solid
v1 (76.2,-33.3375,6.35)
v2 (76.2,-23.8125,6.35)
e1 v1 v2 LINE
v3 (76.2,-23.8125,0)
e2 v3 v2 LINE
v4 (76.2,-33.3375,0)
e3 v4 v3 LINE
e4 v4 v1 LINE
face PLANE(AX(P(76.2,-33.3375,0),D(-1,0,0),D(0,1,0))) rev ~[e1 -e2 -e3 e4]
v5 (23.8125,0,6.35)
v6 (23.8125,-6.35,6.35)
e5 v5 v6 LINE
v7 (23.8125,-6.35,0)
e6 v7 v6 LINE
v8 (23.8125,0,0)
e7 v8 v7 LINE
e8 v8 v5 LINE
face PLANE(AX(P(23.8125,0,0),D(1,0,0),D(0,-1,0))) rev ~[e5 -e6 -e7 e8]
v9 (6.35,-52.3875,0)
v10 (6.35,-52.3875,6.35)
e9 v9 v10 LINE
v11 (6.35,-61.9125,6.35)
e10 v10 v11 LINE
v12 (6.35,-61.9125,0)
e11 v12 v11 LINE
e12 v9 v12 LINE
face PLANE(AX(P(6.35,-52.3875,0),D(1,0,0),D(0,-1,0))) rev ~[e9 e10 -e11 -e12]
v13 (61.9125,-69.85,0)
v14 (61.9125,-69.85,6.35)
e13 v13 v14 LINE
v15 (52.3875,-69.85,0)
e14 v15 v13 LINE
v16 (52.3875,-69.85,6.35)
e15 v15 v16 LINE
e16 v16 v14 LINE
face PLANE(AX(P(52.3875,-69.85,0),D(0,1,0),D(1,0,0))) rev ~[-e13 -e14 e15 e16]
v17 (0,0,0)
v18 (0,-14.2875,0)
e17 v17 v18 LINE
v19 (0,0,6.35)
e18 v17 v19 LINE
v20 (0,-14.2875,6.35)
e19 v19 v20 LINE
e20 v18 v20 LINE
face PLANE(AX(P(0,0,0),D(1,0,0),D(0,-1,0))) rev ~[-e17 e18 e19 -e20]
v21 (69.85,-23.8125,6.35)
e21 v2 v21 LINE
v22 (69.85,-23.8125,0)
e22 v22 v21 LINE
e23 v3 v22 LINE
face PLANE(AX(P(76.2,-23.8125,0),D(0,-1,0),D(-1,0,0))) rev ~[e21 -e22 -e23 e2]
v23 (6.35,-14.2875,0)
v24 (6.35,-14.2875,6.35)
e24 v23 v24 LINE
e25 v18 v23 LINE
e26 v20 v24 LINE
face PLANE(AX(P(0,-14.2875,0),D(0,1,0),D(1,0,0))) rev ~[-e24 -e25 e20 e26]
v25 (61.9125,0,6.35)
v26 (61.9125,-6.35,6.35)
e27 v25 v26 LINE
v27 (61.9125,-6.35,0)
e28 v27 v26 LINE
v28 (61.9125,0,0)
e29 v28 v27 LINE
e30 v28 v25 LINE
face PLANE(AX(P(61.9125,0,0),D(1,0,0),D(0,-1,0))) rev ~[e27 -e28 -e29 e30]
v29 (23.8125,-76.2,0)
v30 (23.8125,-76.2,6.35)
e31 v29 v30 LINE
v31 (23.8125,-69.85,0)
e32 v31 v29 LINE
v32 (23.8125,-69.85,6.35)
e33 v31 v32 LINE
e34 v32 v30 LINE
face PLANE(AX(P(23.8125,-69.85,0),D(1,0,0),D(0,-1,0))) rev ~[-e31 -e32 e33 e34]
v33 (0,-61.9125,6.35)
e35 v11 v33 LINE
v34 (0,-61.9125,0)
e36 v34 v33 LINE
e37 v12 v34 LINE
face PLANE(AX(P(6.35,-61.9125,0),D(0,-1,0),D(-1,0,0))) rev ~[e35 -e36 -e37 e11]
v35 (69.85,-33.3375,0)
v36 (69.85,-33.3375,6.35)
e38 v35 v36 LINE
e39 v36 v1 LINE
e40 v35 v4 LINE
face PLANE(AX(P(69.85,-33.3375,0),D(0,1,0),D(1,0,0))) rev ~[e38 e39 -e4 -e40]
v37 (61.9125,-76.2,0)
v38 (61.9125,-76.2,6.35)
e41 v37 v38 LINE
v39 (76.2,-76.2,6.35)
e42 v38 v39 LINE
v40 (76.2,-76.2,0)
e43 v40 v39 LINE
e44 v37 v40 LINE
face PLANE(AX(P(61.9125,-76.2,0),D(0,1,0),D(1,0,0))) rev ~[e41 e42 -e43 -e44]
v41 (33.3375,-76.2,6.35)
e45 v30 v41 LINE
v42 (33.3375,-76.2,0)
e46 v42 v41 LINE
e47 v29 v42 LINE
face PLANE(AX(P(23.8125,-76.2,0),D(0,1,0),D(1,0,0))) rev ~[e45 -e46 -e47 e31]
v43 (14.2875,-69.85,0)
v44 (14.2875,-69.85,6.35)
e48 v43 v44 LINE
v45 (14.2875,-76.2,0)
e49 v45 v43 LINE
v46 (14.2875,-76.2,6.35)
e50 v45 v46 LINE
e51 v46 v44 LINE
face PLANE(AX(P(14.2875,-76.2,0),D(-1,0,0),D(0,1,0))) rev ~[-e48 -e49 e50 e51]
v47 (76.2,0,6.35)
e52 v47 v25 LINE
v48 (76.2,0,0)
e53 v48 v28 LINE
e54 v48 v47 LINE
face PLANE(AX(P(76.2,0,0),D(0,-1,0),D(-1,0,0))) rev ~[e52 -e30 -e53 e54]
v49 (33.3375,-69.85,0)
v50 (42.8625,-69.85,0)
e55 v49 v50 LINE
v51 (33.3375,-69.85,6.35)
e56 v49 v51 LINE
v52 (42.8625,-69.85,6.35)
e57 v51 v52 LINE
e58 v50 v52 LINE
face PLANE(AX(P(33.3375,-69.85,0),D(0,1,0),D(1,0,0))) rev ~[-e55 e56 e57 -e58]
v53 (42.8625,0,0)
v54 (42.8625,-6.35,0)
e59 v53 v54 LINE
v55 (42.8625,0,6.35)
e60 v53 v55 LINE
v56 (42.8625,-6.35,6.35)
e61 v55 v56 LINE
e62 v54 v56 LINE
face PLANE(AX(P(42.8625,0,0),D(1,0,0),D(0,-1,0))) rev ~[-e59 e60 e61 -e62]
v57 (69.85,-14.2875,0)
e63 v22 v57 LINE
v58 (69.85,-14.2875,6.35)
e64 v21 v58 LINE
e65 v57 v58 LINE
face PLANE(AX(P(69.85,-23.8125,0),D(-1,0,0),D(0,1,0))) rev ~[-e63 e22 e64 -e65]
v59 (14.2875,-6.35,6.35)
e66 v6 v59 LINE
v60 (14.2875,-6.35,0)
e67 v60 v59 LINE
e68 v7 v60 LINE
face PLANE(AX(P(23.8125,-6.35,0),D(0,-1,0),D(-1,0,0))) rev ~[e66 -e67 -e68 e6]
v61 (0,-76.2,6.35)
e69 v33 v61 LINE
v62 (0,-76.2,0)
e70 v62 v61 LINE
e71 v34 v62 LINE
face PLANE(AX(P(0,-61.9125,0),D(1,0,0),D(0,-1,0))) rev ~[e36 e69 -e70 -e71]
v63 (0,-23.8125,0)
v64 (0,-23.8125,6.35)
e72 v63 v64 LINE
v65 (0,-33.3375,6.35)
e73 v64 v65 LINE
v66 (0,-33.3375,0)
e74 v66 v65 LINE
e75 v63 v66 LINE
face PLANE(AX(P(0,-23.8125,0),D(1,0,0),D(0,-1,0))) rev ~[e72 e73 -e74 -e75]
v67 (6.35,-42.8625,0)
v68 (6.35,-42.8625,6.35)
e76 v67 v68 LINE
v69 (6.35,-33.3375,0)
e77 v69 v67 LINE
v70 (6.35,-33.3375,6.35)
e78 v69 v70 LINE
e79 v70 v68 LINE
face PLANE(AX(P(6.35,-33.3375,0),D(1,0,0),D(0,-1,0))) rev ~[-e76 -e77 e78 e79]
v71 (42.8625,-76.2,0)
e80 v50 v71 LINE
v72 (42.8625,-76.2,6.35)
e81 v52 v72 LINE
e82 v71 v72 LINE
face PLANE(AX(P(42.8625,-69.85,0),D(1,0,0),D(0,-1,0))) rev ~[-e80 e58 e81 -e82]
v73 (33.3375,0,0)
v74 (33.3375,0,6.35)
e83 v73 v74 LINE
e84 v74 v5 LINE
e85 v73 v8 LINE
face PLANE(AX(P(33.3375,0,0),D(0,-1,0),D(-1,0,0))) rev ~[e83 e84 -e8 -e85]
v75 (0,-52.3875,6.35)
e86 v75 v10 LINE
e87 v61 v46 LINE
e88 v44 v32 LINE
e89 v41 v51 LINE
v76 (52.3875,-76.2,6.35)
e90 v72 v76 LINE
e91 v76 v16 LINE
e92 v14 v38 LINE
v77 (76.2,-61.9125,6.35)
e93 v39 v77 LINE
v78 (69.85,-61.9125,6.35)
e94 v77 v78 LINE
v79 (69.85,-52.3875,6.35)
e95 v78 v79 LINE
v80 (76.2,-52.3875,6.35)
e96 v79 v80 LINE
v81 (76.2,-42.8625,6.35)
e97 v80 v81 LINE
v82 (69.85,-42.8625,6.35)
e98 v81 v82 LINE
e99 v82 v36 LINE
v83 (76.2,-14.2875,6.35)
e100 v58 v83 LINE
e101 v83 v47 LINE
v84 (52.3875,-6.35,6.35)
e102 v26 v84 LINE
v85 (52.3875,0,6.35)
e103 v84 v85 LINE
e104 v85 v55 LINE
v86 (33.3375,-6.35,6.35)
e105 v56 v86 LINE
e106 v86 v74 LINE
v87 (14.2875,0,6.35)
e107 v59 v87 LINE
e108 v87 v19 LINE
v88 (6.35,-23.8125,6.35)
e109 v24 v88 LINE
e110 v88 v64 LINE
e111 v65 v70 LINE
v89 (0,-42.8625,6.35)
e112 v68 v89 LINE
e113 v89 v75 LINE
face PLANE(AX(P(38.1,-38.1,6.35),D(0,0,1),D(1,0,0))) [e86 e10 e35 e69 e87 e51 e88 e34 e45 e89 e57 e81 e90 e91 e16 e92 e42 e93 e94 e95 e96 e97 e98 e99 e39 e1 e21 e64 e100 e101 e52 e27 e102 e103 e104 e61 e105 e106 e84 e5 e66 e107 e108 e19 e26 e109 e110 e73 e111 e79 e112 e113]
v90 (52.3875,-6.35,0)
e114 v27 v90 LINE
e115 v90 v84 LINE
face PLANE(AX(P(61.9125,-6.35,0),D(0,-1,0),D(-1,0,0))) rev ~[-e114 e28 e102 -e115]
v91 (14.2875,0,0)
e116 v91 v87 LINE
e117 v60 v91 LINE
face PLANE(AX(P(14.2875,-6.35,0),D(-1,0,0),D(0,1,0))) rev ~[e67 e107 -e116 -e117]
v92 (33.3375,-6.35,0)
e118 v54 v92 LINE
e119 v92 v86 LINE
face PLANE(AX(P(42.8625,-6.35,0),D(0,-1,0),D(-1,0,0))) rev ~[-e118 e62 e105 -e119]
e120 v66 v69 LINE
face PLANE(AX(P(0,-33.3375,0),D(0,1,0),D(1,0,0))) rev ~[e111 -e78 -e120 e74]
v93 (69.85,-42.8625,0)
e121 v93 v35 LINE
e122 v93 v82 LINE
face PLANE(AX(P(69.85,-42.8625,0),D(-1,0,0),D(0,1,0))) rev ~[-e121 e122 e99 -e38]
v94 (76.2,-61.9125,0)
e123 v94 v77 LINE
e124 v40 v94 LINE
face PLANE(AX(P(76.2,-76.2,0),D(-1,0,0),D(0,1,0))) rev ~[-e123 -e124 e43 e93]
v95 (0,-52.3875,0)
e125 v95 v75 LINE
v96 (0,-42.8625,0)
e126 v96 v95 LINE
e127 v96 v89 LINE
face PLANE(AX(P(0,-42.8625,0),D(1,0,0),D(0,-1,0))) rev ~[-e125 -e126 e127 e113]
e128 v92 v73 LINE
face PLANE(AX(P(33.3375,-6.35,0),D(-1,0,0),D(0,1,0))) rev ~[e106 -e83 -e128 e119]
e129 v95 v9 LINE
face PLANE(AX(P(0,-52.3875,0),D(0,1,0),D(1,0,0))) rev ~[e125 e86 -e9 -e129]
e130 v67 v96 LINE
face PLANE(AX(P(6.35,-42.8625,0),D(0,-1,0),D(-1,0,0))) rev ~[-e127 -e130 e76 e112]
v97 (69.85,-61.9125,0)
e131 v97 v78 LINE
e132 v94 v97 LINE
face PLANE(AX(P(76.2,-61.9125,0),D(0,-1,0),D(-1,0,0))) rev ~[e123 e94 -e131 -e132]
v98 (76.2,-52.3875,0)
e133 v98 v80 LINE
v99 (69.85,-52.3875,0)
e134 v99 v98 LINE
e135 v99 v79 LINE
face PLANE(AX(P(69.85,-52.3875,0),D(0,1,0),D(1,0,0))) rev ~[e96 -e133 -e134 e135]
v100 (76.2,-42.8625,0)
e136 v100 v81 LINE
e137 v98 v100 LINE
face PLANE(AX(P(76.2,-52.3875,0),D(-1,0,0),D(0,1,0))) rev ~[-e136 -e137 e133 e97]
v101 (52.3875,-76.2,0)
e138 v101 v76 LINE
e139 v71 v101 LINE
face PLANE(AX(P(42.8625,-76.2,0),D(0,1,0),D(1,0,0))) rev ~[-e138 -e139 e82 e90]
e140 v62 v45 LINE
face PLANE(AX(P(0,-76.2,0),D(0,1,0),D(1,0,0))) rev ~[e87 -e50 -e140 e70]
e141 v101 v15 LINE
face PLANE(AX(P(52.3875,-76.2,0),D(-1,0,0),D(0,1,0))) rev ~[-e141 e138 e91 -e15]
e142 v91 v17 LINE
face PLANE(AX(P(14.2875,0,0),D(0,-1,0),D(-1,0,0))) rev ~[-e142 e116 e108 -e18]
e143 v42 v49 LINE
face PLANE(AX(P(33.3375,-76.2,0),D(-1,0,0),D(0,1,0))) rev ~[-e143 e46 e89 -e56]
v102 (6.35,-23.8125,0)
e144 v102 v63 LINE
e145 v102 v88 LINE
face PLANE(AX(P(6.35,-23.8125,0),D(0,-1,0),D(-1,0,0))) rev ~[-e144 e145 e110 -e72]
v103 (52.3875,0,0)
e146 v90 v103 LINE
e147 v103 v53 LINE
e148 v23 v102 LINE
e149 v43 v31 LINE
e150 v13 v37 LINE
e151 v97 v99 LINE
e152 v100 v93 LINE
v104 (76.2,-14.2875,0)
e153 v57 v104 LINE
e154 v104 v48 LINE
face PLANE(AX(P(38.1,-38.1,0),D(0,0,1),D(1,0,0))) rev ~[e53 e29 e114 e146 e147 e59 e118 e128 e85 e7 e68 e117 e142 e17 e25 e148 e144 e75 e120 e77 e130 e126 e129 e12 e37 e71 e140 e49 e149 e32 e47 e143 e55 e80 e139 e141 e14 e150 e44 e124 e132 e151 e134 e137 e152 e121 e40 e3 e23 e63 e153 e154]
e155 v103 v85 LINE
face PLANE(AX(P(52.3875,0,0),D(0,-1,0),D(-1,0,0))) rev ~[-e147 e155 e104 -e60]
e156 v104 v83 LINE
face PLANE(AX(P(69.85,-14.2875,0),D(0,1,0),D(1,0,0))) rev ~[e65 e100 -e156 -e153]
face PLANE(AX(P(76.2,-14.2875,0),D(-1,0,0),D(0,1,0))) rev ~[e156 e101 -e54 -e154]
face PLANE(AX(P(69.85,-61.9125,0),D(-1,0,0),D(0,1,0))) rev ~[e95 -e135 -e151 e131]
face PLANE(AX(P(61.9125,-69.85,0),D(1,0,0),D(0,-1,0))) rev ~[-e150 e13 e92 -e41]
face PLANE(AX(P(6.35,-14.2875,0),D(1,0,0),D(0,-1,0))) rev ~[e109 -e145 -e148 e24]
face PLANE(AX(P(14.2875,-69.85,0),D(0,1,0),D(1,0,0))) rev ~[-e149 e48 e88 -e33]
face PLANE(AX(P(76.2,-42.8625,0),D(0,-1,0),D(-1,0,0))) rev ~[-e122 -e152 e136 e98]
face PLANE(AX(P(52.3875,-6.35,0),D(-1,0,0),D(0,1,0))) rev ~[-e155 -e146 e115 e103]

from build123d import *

# Parameters (mm, degrees)
F1_DEPTH = 6.35


with BuildPart() as f1:
    # F0 (on Top) → F1 (new body)
    with BuildSketch(Plane.XY):
        Polygon((14.2875, 0), (0, 0), (0, -14.2875), (6.35, -14.2875), (6.35, -23.8125), (0, -23.8125), (0, -33.3375), (6.35, -33.3375), (6.35, -42.8625), (0, -42.8625), (0, -52.3875), (6.35, -52.3875), (6.35, -61.9125), (0, -61.9125), (0, -76.2), (14.2875, -76.2), (14.2875, -69.85), (23.8125, -69.85), (23.8125, -76.2), (33.3375, -76.2), (33.3375, -69.85), (42.8625, -69.85), (42.8625, -76.2), (52.3875, -76.2), (52.3875, -69.85), (61.9125, -69.85), (61.9125, -76.2), (76.2, -76.2), (76.2, -61.9125), (69.85, -61.9125), (69.85, -52.3875), (76.2, -52.3875), (76.2, -42.8625), (69.85, -42.8625), (69.85, -33.3375), (76.2, -33.3375), (76.2, -23.8125), (69.85, -23.8125), (69.85, -14.2875), (76.2, -14.2875), (76.2, 0), (61.9125, 0), (61.9125, -6.35), (52.3875, -6.35), (52.3875, 0), (42.8625, 0), (42.8625, -6.35), (33.3375, -6.35), (33.3375, 0), (23.8125, 0), (23.8125, -6.35), (14.2875, -6.35), align=None)
    extrude(amount=F1_DEPTH)


solid = f1.part
